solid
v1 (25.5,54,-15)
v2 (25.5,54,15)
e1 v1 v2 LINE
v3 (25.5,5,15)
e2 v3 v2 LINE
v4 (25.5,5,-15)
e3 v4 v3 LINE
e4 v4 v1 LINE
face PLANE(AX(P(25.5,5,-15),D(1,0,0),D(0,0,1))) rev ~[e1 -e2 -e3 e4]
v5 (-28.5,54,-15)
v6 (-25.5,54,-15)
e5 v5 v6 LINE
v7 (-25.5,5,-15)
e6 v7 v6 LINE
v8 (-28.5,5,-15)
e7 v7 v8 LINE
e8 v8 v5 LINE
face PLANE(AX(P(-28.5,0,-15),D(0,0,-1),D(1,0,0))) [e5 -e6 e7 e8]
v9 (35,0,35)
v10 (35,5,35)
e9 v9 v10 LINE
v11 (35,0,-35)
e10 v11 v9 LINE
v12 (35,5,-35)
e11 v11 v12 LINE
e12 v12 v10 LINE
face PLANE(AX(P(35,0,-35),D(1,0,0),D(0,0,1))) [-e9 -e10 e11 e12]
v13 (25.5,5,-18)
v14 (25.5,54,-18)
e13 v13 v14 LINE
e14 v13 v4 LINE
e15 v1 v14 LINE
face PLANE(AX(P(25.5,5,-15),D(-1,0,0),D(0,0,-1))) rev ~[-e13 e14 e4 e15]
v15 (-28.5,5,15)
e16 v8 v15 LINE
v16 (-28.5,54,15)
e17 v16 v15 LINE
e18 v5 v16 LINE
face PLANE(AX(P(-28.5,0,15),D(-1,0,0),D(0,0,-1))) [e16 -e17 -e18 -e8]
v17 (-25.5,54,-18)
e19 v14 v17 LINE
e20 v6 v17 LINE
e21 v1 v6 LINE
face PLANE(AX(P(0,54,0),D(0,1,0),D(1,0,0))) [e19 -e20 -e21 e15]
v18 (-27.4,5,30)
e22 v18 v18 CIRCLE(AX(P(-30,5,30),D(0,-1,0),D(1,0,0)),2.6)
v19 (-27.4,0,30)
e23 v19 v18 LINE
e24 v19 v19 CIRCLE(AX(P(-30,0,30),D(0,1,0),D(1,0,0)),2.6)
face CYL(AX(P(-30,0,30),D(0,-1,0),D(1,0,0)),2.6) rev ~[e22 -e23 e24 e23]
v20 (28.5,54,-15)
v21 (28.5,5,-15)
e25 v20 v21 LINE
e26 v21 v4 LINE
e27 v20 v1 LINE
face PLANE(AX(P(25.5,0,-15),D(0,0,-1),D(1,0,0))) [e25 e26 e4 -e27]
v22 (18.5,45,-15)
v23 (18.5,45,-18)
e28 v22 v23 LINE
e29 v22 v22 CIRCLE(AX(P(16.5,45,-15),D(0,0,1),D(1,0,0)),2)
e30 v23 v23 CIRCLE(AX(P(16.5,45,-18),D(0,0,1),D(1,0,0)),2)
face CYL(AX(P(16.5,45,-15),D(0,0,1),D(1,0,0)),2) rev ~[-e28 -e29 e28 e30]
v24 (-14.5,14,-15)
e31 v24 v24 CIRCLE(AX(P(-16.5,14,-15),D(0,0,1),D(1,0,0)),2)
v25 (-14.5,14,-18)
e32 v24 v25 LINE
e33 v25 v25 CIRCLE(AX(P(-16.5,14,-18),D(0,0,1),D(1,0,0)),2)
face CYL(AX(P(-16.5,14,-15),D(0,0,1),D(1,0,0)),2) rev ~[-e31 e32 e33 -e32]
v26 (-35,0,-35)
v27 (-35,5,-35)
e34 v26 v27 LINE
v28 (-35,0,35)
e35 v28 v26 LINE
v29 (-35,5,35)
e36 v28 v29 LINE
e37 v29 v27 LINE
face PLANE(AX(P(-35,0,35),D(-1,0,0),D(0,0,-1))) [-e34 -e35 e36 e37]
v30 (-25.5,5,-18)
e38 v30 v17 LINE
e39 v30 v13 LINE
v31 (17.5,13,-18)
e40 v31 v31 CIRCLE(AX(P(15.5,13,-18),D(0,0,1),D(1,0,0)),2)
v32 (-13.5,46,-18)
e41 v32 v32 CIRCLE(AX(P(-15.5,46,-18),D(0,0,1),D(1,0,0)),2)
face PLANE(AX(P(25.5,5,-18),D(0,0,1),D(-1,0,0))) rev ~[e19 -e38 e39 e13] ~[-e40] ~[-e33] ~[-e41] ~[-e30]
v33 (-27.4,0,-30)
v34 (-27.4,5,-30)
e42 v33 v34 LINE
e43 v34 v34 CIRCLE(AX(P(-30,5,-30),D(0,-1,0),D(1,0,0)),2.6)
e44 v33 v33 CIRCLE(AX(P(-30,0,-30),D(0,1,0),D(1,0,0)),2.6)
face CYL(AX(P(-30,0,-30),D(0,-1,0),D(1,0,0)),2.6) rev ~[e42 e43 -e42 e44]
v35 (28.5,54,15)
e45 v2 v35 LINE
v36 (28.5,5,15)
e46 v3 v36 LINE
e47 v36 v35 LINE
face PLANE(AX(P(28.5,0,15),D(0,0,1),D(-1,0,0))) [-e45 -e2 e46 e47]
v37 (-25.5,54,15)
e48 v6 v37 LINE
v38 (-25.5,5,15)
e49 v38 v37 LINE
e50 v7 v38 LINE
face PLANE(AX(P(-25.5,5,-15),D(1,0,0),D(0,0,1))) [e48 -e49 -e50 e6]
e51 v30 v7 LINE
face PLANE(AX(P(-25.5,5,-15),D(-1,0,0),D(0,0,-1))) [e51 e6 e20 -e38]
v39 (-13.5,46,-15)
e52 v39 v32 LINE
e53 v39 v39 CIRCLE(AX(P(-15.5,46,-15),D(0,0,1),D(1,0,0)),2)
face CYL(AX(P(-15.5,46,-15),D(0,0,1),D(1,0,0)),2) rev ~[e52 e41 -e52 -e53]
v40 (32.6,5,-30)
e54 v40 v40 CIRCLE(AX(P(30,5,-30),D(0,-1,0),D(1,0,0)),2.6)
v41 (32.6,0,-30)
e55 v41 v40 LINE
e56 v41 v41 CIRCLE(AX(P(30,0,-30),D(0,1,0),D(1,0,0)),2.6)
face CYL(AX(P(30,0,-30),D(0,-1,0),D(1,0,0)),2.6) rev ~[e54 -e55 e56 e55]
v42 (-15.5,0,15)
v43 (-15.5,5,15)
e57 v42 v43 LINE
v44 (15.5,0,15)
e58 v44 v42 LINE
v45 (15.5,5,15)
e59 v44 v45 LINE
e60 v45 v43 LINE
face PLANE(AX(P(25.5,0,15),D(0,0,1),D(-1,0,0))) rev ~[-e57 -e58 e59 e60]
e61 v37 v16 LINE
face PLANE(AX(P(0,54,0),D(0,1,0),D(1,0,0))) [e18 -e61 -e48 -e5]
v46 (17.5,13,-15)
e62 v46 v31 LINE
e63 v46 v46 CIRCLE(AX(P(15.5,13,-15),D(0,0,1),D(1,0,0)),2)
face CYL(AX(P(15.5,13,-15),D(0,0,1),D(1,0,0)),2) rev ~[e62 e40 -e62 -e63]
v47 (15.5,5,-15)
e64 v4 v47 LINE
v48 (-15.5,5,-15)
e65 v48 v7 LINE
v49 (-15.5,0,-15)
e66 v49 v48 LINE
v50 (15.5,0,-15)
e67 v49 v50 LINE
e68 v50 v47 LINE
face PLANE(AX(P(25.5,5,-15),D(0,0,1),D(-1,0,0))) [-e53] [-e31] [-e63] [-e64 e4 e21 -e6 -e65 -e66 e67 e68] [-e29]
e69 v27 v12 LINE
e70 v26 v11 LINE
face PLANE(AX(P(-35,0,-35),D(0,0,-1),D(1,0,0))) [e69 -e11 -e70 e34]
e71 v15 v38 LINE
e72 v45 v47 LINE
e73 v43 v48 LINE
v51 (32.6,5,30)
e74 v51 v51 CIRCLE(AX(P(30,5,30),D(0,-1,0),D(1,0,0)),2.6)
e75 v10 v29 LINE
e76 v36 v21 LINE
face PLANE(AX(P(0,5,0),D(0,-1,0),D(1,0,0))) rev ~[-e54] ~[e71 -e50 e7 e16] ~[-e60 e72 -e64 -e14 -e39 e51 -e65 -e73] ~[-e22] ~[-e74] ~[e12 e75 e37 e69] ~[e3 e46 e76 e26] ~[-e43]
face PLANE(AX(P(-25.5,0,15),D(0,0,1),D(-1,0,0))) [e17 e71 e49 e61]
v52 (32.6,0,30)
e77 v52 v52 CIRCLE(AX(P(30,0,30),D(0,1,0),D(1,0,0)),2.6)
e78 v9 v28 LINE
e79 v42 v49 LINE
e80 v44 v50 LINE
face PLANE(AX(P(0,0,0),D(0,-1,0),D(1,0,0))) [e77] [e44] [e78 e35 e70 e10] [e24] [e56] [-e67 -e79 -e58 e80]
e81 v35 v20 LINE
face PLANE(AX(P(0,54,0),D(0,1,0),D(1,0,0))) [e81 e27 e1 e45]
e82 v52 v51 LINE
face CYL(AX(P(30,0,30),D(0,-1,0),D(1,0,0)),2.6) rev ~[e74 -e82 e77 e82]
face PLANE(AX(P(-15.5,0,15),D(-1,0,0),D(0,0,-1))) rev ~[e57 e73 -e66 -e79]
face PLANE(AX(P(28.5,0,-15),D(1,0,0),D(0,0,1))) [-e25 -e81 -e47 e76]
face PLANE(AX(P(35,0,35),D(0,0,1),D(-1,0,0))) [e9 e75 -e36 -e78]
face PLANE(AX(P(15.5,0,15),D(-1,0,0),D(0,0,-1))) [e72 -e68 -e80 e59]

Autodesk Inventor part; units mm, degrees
ref_plane "YZ Plane" through (0, 0, 0) normal (1, 0, 0) x (0, 1, 0)
ref_plane "XZ Plane" through (0, 0, 0) normal (0, 1, 0) x (-1, 0, 0)
ref_plane "XY Plane" through (0, 0, 0) normal (0, 0, 1) x (1, 0, 0)
sketch "Boceto1" plane through (0, 0, 0) normal (0, 1, 0) x (-1, 0, 0)
  line L0 (25.5, 15) -> (-25.5, 15)
  line L1 (-25.5, 15) -> (-25.5, -15)
  line L2 (-25.5, -15) -> (25.5, -15)
  line L3 (25.5, -15) -> (25.5, 15)
  line L4 (25.5, 15) -> (-25.5, -15) construction
  line L5 (-25.5, 15) -> (25.5, -15) construction
  line L6 (-15.5, 15) -> (-15.5, -15)
  line L7 (0, 15) -> (0, 11.847)
  line L8 (-25.5, 0) -> (-22.3332, 0)
  line L9 (25.5, 15) -> (25.5, -15)
  line L10 (15.5, 15) -> (15.5, -15)
  line L11 (25.5, 0) -> (22.3332, 0)
  line L12 (-25.5, -15) -> (-25.5, 15)
  line L13 (-25.5, 0) -> (-22.3332, 0)
  line L14 (-25.5, 15) -> (-25.5, -15)
  point P0 (0, 0)
  point P1 (31.5, 22.5)
  dimension "d2" = 10
  dimension "d21" = 51
  dimension "d22" = 30
extrude "Extrusión1" add sketch "Boceto1" along normal blind 5 contours L3 L2 L10 L0 | L6 L2 L1 L0
sketch "Boceto4" plane through (0, 0, 0) normal (0, 1, 0) x (-1, 0, 0)
  line L0 (-28.5, 18) -> (28.5, 18)
  line L1 (28.5, 18) -> (28.5, -18)
  line L2 (28.5, -18) -> (-28.5, -18)
  line L3 (-28.5, -18) -> (-28.5, 18)
  line L4 (-28.5, 18) -> (28.5, -18) construction
  line L5 (28.5, 18) -> (-28.5, -18) construction
  line L6 (28.5, -15) -> (-28.5, -15)
  line L7 (-28.5, 15) -> (28.5, 15)
  line L8 (25.5, -18) -> (25.5, 18)
  line L9 (-25.5, 18) -> (-25.5, -18)
  line L10 (-25.5, -15) -> (-15.5, -15) projected
  point P0 (0, 0)
  point P1 (-25.5, -15)
  point P2 (-25.5, 15)
  point P3 (25.5, 15)
  point P4 (25.5, -15)
  dimension "d23" = 57
  dimension "d24" = 36
  dimension "d27" = 0
extrude "Extrusión4" add sketch "Boceto4" along normal blind 5 contours L0 L8 L7 L9 | L7 L9 L6 L3 | L7 L1 L6 L8 | L6 L8 L2 L9
sketch "Boceto5" plane through (0, 5, 0) normal (0, 1, 0) x (1, 0, 0)
  line L0 (25.5, 18) -> (-25.5, 18) projected
  line L1 (25.5, 15) -> (25.5, 18) projected
  line L2 (-25.5, 18) -> (25.5, 18)
  line L3 (25.5, 18) -> (25.5, 15)
  line L4 (25.5, 15) -> (-25.5, 15)
  line L5 (-25.5, 15) -> (-25.5, 18)
  point P0 (0, 0)
extrude "Extrusión5" add sketch "Boceto5" along normal blind 49
sketch "Boceto6" plane through (-15.5, 0, -15) normal (0, 0, 1) x (1, 0, 0)
  circle A0 centre (32, 45) radius 2
  line L0 (41, 5) -> (41, 54) projected
  line L1 (-10, 54) -> (41, 54) projected
  line L2 (-10, 5) -> (-10, 54) projected
  line L3 (-10, 29.5) -> (15.5, 29.5)
  line L4 (15.5, 29.5) -> (15.5, 54)
  circle A1 centre (0, 46) radius 2
  circle A2 centre (-1, 14) radius 2
  circle A3 centre (31, 13) radius 2
  point P0 (15.5, 0)
  dimension "d30" = 4
  dimension "d31" = 9
  dimension "d32" = 9
  dimension "d35" = 360
extrude "Extrusión6" cut sketch "Boceto6" against normal blind 49 contours A0 | A1 | A2 | A3
sketch "Boceto7" plane through (0, 5, 0) normal (0, 1, 0) x (1, 0, 0)
  line L0 (-28.5, 15) -> (-28.5, -15) projected
  line L1 (-28.5, 15) -> (-25.5, 15)
  line L2 (-25.5, 15) -> (-25.5, -15)
  line L3 (-25.5, -15) -> (-28.5, -15)
  line L4 (-28.5, -15) -> (-28.5, 15)
  line L5 (28.5, 15) -> (25.5, 15) projected
  line L6 (25.5, -15) -> (28.5, -15) projected
  line L7 (28.5, 15) -> (25.5, 15)
  line L8 (25.5, 15) -> (25.5, -15)
  line L9 (25.5, -15) -> (28.5, -15)
  line L10 (28.5, -15) -> (28.5, 15)
  point P0 (0, 0)
  point P1 (25.5, -18)
extrude "Extrusión7" add sketch "Boceto7" along normal blind 49
sketch "Boceto12" plane through (0, 0, 0) normal (0, -1, 0) x (1, 0, 0)
  line L0 (-35, -35) -> (35, -35)
  line L1 (35, -35) -> (35, 35)
  line L2 (35, 35) -> (-35, 35)
  line L3 (-35, 35) -> (-35, -35)
  line L4 (-35, -35) -> (35, 35) construction
  line L5 (35, -35) -> (-35, 35) construction
  line L6 (30, 30) -> (-30, 30)
  line L7 (-30, 30) -> (-30, -30)
  line L8 (-30, -30) -> (30, -30)
  line L9 (30, -30) -> (30, 30)
  line L10 (30, 30) -> (-30, -30) construction
  line L11 (-30, 30) -> (30, -30) construction
  circle A0 centre (-30, 30) radius 2.6
  circle A1 centre (30, 30) radius 2.6
  circle A2 centre (30, -30) radius 2.6
  circle A3 centre (-30, -30) radius 2.6
  line L12 (15.5, -15) -> (15.5, 15) projected
  line L13 (-15.5, -15) -> (15.5, -15)
  line L14 (15.5, -15) -> (15.5, 15)
  line L15 (15.5, 15) -> (-15.5, 15)
  line L16 (-15.5, 15) -> (-15.5, -15)
  line L17 (-15.5, -15) -> (15.5, 15) construction
  line L18 (15.5, -15) -> (-15.5, 15) construction
  point P0 (0, 0)
  point P1 (0, 0)
  dimension "d63" = 70
  dimension "d64" = 70
  dimension "d65" = 60
  dimension "d66" = 5.2
  dimension "d67" = 5.2
  dimension "d68" = 5.2
  dimension "d69" = 5.2
extrude "Extrusión10" add sketch "Boceto12" against normal blind 5 contours L3 L2 L1 L0 | L6 A1 L9 A2 L8 A3 L7 A0
properties part number "depth_camera_fastening"
